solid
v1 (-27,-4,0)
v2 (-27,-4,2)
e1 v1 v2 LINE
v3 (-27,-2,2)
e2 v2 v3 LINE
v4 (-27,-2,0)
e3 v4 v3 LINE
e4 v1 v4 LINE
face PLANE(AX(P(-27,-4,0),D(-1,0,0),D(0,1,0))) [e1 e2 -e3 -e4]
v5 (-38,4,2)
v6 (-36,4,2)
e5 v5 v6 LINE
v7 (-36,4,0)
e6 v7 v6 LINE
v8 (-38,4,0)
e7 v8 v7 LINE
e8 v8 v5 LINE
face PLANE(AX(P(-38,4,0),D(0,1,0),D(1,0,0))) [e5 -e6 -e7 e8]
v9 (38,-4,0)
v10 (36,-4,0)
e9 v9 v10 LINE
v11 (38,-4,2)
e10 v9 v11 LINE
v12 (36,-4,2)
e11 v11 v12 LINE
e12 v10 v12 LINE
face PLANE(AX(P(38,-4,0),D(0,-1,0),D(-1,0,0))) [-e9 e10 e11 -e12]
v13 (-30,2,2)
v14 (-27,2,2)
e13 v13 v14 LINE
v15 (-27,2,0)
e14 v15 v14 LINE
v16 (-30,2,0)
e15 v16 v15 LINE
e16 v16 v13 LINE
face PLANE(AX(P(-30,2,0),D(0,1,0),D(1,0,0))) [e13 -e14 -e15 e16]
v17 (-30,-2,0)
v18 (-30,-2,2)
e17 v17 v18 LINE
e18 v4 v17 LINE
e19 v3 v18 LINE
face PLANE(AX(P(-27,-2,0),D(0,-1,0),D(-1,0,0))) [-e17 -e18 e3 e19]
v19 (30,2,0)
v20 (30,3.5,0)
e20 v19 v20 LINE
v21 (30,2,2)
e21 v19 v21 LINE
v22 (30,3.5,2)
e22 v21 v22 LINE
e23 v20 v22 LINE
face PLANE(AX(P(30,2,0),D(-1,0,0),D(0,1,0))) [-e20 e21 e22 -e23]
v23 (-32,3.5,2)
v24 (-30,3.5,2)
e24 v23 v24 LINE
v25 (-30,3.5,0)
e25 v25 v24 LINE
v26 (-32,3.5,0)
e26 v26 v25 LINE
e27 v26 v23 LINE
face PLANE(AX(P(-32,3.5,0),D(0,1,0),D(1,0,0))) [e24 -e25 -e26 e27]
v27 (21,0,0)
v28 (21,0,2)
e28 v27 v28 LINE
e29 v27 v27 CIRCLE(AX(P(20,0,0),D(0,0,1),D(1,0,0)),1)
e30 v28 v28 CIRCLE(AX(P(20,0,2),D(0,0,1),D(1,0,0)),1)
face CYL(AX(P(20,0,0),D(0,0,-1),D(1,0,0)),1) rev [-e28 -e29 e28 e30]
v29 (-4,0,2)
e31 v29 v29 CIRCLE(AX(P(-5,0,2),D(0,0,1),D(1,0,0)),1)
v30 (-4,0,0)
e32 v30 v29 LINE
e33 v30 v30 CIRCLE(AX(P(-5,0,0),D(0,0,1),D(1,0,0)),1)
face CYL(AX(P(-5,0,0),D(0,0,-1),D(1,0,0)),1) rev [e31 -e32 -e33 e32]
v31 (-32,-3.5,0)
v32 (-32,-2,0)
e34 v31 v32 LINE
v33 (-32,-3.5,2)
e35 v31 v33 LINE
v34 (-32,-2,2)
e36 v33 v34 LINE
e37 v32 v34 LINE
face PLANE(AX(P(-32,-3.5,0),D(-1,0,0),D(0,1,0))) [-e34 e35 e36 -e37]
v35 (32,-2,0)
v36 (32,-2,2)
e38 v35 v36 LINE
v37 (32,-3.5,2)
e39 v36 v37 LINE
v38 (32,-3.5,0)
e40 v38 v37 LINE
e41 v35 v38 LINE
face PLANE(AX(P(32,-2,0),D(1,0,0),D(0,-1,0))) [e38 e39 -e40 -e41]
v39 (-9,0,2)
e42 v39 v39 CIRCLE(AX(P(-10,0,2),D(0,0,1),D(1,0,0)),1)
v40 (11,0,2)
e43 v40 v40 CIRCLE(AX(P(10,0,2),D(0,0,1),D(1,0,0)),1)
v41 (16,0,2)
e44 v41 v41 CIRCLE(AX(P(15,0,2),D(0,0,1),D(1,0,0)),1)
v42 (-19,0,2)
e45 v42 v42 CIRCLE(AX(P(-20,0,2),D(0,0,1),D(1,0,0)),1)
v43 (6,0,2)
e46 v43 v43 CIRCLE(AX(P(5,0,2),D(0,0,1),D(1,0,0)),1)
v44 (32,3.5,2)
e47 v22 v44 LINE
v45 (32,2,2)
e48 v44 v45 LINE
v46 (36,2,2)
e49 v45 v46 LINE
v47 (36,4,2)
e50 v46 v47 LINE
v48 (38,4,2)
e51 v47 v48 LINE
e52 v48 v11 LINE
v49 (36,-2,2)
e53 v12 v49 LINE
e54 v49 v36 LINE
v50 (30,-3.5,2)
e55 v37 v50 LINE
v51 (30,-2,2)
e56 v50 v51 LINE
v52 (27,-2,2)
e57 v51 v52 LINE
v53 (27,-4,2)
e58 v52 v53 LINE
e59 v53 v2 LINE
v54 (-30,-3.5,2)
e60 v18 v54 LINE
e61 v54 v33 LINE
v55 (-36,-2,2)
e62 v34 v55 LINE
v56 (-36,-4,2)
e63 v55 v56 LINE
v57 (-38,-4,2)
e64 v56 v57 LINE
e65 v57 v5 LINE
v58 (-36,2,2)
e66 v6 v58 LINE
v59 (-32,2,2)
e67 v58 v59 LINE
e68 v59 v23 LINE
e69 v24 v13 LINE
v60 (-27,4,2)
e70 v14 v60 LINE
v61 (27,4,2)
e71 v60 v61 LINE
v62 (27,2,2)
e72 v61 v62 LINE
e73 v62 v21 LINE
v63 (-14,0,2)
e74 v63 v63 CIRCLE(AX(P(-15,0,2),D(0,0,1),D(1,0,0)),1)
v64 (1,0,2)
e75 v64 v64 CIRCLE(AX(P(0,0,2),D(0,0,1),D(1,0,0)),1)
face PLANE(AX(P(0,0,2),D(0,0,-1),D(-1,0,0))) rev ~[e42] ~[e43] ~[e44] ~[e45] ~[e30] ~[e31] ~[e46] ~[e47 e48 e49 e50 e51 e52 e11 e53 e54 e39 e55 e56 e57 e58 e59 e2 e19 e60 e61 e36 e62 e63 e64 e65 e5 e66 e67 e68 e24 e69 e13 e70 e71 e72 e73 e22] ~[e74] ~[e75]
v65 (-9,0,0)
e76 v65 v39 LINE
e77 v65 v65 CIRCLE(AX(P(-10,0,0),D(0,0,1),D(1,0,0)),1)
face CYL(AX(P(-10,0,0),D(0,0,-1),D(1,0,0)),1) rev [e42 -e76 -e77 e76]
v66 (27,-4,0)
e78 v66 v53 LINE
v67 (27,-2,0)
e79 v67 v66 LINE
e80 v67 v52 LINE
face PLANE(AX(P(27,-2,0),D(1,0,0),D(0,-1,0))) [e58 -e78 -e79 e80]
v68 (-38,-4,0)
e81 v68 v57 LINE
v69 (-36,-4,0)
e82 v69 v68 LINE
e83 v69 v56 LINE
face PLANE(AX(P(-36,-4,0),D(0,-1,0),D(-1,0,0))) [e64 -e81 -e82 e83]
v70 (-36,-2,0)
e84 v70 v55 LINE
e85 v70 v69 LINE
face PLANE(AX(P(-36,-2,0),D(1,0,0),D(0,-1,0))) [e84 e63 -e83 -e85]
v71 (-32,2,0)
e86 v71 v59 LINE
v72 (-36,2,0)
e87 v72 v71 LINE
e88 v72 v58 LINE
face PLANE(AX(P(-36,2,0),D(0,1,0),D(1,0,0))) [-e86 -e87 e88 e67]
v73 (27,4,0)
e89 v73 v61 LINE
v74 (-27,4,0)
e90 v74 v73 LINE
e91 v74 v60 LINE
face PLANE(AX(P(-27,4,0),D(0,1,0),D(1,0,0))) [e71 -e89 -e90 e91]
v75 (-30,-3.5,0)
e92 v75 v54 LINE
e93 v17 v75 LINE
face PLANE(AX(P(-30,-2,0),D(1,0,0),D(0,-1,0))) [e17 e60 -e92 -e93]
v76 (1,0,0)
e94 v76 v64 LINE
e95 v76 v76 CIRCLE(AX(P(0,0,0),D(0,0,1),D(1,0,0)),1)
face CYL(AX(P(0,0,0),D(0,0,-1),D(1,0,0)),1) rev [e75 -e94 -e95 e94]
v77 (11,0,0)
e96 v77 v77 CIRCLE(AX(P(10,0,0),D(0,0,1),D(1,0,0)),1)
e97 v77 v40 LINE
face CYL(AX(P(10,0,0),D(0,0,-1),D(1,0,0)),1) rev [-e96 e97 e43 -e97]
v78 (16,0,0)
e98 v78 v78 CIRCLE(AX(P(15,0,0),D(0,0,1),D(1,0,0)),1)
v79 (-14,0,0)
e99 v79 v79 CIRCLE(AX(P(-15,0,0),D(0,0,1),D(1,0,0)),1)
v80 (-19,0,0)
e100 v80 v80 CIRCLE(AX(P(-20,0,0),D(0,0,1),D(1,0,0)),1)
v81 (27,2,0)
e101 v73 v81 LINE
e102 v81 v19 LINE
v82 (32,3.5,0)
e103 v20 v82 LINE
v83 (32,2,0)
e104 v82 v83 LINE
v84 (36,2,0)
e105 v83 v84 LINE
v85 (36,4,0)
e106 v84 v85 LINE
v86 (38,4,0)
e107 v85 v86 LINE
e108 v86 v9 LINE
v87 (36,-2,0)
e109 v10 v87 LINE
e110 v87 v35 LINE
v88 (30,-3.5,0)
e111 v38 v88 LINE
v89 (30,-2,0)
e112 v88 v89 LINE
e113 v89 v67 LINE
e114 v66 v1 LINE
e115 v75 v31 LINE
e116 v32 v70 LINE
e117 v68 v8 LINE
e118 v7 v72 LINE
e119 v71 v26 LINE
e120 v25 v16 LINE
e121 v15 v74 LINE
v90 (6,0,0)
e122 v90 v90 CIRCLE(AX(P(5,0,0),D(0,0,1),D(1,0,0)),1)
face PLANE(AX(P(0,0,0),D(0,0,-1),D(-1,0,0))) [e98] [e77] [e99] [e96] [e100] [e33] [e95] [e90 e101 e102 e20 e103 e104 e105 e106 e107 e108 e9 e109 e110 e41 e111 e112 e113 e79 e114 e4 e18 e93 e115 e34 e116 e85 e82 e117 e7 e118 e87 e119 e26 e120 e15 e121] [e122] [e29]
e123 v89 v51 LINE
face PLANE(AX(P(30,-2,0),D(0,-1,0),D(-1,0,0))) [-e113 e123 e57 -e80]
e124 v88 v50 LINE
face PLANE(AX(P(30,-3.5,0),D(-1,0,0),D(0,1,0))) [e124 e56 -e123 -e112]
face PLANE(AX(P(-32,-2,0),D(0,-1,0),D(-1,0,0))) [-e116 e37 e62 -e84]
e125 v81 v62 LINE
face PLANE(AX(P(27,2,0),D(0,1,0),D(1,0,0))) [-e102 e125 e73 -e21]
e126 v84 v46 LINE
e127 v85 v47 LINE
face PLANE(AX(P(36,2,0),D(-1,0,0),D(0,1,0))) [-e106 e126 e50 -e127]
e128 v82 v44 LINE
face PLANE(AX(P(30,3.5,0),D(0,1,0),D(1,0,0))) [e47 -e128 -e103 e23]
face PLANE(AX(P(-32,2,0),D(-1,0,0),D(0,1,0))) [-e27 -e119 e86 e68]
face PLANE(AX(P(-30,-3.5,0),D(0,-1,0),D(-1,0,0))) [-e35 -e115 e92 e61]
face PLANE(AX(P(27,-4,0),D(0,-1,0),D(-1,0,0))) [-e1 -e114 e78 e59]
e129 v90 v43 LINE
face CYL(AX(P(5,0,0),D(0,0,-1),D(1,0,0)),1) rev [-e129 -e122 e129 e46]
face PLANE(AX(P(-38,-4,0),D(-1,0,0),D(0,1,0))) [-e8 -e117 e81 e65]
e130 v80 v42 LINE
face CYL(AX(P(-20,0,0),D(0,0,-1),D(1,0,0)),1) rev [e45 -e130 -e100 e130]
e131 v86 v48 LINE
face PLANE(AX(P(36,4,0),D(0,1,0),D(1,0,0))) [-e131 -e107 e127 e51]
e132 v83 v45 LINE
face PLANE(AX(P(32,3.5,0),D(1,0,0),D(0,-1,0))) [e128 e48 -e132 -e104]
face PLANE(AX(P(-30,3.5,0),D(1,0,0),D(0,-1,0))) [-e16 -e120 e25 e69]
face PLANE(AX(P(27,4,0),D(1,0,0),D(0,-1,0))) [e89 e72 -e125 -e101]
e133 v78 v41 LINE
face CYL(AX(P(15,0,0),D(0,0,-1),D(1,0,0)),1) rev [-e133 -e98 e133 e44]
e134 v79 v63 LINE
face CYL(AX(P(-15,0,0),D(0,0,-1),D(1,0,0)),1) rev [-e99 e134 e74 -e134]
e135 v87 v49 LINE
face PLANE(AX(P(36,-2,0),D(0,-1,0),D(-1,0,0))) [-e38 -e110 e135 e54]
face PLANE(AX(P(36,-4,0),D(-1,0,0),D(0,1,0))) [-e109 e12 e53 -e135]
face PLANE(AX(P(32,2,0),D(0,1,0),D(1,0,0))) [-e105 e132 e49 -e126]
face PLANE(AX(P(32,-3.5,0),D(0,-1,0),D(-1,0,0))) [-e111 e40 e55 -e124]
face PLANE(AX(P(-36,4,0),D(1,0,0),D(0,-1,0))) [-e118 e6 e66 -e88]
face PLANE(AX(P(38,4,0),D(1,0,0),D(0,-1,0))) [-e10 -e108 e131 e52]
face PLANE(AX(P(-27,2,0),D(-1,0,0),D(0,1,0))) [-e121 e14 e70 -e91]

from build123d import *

# Parameters (mm, degrees)
SKETCH_1_R      = 1
EXTRUDE_1_DEPTH = 2


with BuildPart() as part:
    # 草图1 → 凸台-拉伸1 (new body)
    with BuildSketch(Plane.XY):
        Polygon((-27, 4), (27, 4), (27, 2), (30, 2), (30, 3.5), (32, 3.5), (32, 2), (36, 2), (36, 4), (38, 4), (38, -4), (36, -4), (36, -2), (32, -2), (32, -3.5), (30, -3.5), (30, -2), (27, -2), (27, -4), (-27, -4), (-27, -2), (-30, -2), (-30, -3.5), (-32, -3.5), (-32, -2), (-36, -2), (-36, -4), (-38, -4), (-38, 4), (-36, 4), (-36, 2), (-32, 2), (-32, 3.5), (-30, 3.5), (-30, 2), (-27, 2), align=None)
        Circle(SKETCH_1_R, mode=Mode.SUBTRACT)
        with Locations((5, 0)):
            Circle(SKETCH_1_R, mode=Mode.SUBTRACT)
        with Locations((10, 0)):
            Circle(SKETCH_1_R, mode=Mode.SUBTRACT)
        with Locations((15, 0)):
            Circle(SKETCH_1_R, mode=Mode.SUBTRACT)
        with Locations((20, 0)):
            Circle(SKETCH_1_R, mode=Mode.SUBTRACT)
        with Locations((-5, 0)):
            Circle(SKETCH_1_R, mode=Mode.SUBTRACT)
        with Locations((-10, 0)):
            Circle(SKETCH_1_R, mode=Mode.SUBTRACT)
        with Locations((-15, 0)):
            Circle(SKETCH_1_R, mode=Mode.SUBTRACT)
        with Locations((-20, 0)):
            Circle(SKETCH_1_R, mode=Mode.SUBTRACT)
    extrude(amount=EXTRUDE_1_DEPTH)


solid = part.part
